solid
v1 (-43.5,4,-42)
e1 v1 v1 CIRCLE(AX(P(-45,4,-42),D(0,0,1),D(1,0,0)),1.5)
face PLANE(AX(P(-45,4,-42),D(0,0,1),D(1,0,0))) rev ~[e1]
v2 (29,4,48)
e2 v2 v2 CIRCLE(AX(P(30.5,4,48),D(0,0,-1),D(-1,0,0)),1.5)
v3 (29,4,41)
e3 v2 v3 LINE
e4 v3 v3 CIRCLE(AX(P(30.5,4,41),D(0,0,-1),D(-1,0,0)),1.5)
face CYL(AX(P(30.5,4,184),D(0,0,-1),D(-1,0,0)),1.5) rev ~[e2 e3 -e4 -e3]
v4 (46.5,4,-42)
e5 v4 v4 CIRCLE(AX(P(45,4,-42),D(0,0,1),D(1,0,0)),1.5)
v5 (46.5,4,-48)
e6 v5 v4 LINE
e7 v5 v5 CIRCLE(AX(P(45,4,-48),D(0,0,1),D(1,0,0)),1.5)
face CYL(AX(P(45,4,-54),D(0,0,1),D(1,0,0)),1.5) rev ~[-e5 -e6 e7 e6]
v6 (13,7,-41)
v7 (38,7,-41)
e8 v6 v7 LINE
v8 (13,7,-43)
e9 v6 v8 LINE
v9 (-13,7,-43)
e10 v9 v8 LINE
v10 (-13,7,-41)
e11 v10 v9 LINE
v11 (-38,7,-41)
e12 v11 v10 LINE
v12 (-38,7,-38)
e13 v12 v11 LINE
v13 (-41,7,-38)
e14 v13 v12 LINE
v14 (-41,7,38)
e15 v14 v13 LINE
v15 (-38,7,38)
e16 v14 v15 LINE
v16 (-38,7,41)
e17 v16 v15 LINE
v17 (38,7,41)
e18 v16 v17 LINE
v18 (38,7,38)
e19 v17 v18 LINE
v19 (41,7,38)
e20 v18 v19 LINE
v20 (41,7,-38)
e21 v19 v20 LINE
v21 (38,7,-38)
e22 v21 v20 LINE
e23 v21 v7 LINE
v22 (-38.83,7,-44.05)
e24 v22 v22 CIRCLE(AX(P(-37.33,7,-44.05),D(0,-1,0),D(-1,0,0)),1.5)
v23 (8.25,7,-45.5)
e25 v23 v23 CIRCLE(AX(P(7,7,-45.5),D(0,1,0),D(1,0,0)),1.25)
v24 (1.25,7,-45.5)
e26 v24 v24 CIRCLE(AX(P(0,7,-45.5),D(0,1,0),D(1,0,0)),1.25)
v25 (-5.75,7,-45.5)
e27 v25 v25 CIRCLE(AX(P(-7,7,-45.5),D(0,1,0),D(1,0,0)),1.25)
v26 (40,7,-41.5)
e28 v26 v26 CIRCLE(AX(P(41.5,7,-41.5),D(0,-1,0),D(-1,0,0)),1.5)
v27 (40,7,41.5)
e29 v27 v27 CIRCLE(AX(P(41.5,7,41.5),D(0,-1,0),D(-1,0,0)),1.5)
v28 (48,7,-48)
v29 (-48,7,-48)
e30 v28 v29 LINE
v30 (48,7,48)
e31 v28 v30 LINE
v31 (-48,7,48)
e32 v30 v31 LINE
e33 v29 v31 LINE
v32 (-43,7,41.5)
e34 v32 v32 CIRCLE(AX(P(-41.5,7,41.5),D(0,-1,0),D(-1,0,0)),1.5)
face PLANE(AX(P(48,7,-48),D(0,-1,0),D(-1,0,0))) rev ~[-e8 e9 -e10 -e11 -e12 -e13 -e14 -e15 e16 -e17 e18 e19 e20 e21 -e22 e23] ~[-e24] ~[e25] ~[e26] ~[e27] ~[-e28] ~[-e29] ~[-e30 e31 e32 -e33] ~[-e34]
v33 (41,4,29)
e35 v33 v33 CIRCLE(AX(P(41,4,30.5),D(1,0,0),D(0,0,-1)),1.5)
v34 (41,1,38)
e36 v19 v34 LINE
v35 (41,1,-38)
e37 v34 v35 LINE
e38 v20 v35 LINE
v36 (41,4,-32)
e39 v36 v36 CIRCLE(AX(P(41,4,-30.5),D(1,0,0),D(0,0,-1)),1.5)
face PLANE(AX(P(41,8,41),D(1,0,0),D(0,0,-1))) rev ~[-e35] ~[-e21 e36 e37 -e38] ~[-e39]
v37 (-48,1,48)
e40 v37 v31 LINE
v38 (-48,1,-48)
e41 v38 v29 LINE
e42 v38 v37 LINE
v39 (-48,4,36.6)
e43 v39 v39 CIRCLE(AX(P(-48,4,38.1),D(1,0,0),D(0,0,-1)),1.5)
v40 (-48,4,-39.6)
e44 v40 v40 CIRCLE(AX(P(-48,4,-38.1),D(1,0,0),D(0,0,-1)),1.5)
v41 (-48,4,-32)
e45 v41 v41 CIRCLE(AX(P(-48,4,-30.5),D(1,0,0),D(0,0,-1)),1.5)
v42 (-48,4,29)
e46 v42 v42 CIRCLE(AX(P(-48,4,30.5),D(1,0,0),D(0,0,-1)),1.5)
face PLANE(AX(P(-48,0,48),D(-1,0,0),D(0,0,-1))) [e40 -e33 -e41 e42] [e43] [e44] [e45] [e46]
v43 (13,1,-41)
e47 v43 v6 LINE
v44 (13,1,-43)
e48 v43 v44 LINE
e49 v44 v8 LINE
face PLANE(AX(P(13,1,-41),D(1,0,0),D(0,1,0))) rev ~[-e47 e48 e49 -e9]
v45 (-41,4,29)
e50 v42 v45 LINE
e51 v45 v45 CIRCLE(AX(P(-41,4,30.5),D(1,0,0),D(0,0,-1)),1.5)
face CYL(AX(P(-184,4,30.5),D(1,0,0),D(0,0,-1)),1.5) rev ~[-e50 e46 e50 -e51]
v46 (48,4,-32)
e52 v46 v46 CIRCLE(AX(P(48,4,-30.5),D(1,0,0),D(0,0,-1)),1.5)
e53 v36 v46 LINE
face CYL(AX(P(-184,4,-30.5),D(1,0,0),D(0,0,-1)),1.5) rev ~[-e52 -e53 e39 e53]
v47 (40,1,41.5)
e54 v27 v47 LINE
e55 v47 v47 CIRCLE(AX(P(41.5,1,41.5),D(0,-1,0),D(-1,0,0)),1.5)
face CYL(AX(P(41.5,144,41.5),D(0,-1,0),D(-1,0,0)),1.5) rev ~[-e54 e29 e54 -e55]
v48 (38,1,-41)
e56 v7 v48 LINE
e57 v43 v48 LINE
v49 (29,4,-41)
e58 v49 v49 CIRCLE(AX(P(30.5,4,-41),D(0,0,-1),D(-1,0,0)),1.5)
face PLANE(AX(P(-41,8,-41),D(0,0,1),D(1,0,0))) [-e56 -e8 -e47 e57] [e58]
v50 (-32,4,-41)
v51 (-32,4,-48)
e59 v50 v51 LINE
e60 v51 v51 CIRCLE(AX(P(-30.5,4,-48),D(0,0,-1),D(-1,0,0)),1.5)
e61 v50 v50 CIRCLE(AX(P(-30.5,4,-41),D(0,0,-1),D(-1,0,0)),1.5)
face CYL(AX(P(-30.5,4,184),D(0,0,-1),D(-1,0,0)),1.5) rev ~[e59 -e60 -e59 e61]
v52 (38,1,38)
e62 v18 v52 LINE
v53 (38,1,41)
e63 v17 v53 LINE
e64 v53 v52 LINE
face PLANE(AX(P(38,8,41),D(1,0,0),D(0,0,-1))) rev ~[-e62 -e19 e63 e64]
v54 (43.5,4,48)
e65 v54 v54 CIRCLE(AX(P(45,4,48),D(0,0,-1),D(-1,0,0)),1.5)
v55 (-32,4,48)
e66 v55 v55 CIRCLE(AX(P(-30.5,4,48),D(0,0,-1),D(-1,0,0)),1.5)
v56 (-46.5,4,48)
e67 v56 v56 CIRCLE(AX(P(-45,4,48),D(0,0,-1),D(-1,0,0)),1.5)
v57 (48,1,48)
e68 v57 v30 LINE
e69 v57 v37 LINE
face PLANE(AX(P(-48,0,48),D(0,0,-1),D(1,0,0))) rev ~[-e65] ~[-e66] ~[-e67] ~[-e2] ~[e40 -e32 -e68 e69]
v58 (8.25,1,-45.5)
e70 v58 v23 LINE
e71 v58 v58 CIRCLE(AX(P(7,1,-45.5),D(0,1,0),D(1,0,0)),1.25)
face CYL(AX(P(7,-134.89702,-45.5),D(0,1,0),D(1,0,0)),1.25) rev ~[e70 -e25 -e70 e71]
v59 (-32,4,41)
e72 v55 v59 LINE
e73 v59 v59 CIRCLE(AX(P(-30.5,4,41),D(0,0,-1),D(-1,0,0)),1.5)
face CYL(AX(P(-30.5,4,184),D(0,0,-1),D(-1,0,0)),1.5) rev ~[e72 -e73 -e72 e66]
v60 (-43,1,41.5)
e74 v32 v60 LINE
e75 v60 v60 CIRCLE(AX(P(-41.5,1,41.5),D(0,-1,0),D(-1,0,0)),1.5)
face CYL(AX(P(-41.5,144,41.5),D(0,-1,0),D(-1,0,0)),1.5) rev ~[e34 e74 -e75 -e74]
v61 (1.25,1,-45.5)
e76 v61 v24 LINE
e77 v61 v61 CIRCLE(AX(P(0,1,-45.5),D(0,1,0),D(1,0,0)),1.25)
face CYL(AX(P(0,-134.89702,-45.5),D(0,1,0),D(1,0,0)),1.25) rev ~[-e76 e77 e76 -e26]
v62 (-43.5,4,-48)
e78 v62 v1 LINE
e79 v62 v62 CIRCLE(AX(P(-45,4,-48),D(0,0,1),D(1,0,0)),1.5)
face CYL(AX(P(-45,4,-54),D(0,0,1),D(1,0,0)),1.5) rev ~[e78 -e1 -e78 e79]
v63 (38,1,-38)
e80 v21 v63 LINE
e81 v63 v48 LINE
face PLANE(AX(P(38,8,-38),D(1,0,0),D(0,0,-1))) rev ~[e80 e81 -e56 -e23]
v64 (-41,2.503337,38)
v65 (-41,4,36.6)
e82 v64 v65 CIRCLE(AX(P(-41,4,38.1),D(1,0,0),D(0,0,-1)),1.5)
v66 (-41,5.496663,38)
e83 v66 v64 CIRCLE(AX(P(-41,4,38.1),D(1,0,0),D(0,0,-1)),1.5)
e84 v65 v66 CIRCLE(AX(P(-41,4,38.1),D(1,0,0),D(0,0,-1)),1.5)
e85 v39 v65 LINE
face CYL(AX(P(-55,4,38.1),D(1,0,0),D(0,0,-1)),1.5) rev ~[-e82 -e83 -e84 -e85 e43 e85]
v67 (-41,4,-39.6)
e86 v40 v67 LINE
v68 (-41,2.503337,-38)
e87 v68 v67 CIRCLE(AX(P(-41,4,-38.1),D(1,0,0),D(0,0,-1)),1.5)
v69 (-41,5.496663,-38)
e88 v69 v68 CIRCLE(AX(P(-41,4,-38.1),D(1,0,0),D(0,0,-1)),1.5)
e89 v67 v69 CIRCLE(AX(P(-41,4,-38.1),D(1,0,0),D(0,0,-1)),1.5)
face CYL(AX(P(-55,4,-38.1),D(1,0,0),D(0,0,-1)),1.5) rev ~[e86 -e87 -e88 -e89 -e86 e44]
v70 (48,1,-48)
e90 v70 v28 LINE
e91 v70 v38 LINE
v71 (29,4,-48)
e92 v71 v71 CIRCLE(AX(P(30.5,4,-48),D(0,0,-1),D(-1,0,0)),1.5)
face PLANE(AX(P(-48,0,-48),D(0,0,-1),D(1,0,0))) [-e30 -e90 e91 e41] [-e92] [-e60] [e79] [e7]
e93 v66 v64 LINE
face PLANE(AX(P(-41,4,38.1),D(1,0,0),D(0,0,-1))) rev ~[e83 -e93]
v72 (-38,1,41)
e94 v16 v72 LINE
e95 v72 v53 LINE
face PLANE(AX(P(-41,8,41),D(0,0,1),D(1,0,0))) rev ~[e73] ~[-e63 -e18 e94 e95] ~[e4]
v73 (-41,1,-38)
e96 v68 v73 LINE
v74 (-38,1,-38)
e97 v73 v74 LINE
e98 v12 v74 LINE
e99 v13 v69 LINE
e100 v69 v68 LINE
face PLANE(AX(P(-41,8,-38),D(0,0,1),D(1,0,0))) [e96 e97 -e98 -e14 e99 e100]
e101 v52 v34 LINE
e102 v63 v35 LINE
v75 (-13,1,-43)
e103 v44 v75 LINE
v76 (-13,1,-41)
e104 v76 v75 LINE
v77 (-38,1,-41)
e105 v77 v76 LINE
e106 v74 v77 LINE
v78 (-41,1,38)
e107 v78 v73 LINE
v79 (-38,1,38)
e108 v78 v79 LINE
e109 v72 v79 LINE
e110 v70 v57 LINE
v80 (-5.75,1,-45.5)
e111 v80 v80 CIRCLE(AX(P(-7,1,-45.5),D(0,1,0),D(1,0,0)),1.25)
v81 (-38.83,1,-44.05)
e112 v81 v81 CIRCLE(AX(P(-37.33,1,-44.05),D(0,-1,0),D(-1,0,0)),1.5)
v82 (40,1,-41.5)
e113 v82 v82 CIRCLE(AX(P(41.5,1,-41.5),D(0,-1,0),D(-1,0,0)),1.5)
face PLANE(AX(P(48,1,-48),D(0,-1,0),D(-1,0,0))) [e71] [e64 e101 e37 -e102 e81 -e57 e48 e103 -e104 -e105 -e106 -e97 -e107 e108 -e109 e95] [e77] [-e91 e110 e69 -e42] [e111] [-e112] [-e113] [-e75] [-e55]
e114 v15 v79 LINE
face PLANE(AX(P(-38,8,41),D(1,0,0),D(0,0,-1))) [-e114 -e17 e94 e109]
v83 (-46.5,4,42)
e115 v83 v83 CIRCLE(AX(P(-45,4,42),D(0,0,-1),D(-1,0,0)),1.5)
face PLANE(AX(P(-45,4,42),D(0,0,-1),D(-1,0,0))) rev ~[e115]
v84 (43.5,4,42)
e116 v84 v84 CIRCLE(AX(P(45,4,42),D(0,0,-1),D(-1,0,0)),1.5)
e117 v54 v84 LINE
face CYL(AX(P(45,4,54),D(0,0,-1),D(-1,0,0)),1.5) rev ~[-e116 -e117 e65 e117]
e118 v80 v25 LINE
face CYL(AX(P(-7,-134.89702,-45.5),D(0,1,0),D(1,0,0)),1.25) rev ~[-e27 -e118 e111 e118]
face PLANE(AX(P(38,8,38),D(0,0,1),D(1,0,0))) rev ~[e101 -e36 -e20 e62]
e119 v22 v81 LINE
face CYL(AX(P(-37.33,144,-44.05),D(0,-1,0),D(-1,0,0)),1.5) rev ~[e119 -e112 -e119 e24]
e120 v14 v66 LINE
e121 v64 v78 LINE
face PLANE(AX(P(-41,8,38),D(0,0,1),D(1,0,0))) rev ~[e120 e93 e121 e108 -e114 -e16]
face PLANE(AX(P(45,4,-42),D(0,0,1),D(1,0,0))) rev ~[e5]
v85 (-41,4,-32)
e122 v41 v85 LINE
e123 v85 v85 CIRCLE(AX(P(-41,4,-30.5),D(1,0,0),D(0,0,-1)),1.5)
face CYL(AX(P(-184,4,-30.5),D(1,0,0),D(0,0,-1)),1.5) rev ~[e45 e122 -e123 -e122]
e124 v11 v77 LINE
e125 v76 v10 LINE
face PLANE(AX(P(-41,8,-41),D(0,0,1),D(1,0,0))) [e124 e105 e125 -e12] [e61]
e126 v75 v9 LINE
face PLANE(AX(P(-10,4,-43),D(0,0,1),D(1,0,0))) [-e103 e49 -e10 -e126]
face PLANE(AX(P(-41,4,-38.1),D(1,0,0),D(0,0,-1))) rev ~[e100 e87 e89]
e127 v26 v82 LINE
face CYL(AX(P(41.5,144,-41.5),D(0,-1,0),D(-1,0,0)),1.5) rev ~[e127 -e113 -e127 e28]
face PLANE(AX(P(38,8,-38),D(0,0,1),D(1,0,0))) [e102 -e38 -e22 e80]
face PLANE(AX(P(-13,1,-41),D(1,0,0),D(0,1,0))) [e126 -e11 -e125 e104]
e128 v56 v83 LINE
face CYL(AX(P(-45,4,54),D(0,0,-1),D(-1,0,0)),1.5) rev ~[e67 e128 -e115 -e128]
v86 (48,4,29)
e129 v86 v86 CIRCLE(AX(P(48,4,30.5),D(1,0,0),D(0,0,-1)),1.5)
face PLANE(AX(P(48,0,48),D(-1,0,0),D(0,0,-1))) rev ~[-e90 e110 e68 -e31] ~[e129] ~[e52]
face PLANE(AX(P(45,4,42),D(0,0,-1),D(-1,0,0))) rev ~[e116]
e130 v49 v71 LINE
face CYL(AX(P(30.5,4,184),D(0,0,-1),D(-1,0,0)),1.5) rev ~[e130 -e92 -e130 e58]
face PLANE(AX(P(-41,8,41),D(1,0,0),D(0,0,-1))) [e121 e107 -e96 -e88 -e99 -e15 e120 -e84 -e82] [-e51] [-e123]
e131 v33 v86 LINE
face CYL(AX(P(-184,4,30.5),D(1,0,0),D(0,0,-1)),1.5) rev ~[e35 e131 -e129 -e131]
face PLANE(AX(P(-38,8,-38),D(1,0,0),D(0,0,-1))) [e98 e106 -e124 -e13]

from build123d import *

# Parameters (mm, degrees)
SKETCH1_W                       = 96
SKETCH1_H                       = 96
SKETCH1_W_2                     = 80
SKETCH1_H_2                     = 80
BOSS_EXTRUDE1_DEPTH             = 8
F_3_0_3_DIAMETER_HOLE6_D        = 3
F_3_0_3_DIAMETER_HOLE6_DEPTH    = 6
F_3_0_3_DIAMETER_HOLE3_D        = 3
F_3_0_3_DIAMETER_HOLE3_DEPTH    = 6
SKETCH27_W                      = 82
SKETCH27_H                      = 82
CUT_EXTRUDE2_DEPTH              = 10
F_3_0_3_DIAMETER_HOLE1_D        = 3
F_3_0_3_DIAMETER_HOLE2_D        = 3
SKETCH35_W                      = 3
SKETCH35_H                      = 3
BOSS_EXTRUDE2_DEPTH             = 8
F_3_0_3_DIAMETER_HOLE7_D        = 3
SKETCH44_W                      = 96
SKETCH44_H                      = 1
CUT_EXTRUDE4_DEPTH              = 142
SKETCH47_W                      = 14
SKETCH47_H                      = 2
CUT_EXTRUDE5_DEPTH              = 10
F_2_5_2_5_DIAMETER_HOLE1_D      = 2.5
TAP_DRILL_FOR_M3X0_5_TAP3_D     = 3
TAP_DRILL_FOR_M3X0_5_TAP3_DEPTH = 7
SKETCH54_W                      = 6
SKETCH54_H                      = 6
CUT_EXTRUDE6_DEPTH              = 2


with BuildPart() as part:
    # Sketch1 → Boss-Extrude1 (new body)
    with BuildSketch(Plane(origin=(0, 0, 0), x_dir=(1, 0, 0), z_dir=(0, 1, 0))):
        Rectangle(SKETCH1_W, SKETCH1_H)
        Rectangle(SKETCH1_W_2, SKETCH1_H_2, mode=Mode.SUBTRACT)
    extrude(amount=BOSS_EXTRUDE1_DEPTH)

    # Ø3.0 (3) Diameter Hole6
    with Locations(Plane.XY.offset(48)):
        with Locations((45, 4), (-45, 4)):
            Hole(F_3_0_3_DIAMETER_HOLE6_D / 2, depth=F_3_0_3_DIAMETER_HOLE6_DEPTH)

    # Ø3.0 (3) Diameter Hole3
    with Locations(Plane(origin=(0, 0, -48), x_dir=(-1, 0, 0), z_dir=(0, 0, -1))):
        with Locations((-45, 4), (45, 4)):
            Hole(F_3_0_3_DIAMETER_HOLE3_D / 2, depth=F_3_0_3_DIAMETER_HOLE3_DEPTH)

    # Sketch27 → Cut-Extrude2 (cut)
    with BuildSketch(Plane(origin=(0, 8, 0), x_dir=(1, 0, 0), z_dir=(0, 1, 0))):
        Rectangle(SKETCH27_W, SKETCH27_H)
    extrude(amount=-CUT_EXTRUDE2_DEPTH, mode=Mode.SUBTRACT)

    # Ø3.0 (3) Diameter Hole1 (through all)
    with Locations(Plane.XY.offset(48)):
        with Locations((-30.5, 4), (30.5, 4)):
            Hole(F_3_0_3_DIAMETER_HOLE1_D / 2)

    # Ø3.0 (3) Diameter Hole2 (through all)
    with Locations(Plane.ZY.offset(48)):
        with Locations((-30.5, 4), (30.5, 4)):
            Hole(F_3_0_3_DIAMETER_HOLE2_D / 2)

    # Sketch35 → Boss-Extrude2 (add)
    with BuildSketch(Plane(origin=(0, 8, 0), x_dir=(1, 0, 0), z_dir=(0, 1, 0))):
        with Locations((39.5, -39.5)):
            Rectangle(SKETCH35_W, SKETCH35_H)
        with Locations((-39.5, 39.5)):
            Rectangle(SKETCH35_W, SKETCH35_H)
        with Locations((39.5, 39.5)):
            Rectangle(SKETCH35_W, SKETCH35_H)
        with Locations((-39.5, -39.5)):
            Rectangle(SKETCH35_W, SKETCH35_H)
    extrude(amount=-BOSS_EXTRUDE2_DEPTH)

    # Ø3.0 (3) Diameter Hole7 (through all)
    with Locations(Plane(origin=(0, 8, 0), x_dir=(1, 0, 0), z_dir=(0, 1, 0))):
        with Locations((-37.33, 44.05), (41.5, 41.5), (41.5, -41.5), (-41.5, -41.5)):
            Hole(F_3_0_3_DIAMETER_HOLE7_D / 2)

    # Sketch44 → Cut-Extrude4 (cut)
    with BuildSketch(Plane(origin=(0, 0, -48), x_dir=(-1, 0, 0), z_dir=(0, 0, -1))):
        with Locations((0, 7.5)):
            Rectangle(SKETCH44_W, SKETCH44_H)
        with Locations((0, 0.5)):
            Rectangle(SKETCH44_W, SKETCH44_H)
    extrude(amount=-CUT_EXTRUDE4_DEPTH, mode=Mode.SUBTRACT)

    # Sketch47 → Cut-Extrude5 (cut)
    with BuildSketch(Plane(origin=(0, 7, 0), x_dir=(1, 0, 0), z_dir=(0, 1, 0))):
        with Locations((0, 42)):
            Rectangle(SKETCH47_W, SKETCH47_H)
    extrude(amount=-CUT_EXTRUDE5_DEPTH, mode=Mode.SUBTRACT)

    # Ø2.5 (2.5) Diameter Hole1 (through all)
    with Locations(Plane(origin=(0, 1, 0), x_dir=(-1, 0, 0), z_dir=(0, -1, 0))):
        with Locations((7, 45.5), (0, 45.5), (-7, 45.5)):
            Hole(F_2_5_2_5_DIAMETER_HOLE1_D / 2)

    # Tap Drill for M3x0.5 Tap3
    with Locations(Plane.ZY.offset(48)):
        with Locations((38.1, 4), (-38.1, 4)):
            Hole(TAP_DRILL_FOR_M3X0_5_TAP3_D / 2, depth=TAP_DRILL_FOR_M3X0_5_TAP3_DEPTH)

    # Sketch54 → Cut-Extrude6 (cut)
    with BuildSketch(Plane.XY.offset(-41)):
        with Locations((-10, 4)):
            Rectangle(SKETCH54_W, SKETCH54_H)
        with Locations((10, 4)):
            Rectangle(SKETCH54_W, SKETCH54_H)
    extrude(amount=-CUT_EXTRUDE6_DEPTH, mode=Mode.SUBTRACT)


solid = part.part
